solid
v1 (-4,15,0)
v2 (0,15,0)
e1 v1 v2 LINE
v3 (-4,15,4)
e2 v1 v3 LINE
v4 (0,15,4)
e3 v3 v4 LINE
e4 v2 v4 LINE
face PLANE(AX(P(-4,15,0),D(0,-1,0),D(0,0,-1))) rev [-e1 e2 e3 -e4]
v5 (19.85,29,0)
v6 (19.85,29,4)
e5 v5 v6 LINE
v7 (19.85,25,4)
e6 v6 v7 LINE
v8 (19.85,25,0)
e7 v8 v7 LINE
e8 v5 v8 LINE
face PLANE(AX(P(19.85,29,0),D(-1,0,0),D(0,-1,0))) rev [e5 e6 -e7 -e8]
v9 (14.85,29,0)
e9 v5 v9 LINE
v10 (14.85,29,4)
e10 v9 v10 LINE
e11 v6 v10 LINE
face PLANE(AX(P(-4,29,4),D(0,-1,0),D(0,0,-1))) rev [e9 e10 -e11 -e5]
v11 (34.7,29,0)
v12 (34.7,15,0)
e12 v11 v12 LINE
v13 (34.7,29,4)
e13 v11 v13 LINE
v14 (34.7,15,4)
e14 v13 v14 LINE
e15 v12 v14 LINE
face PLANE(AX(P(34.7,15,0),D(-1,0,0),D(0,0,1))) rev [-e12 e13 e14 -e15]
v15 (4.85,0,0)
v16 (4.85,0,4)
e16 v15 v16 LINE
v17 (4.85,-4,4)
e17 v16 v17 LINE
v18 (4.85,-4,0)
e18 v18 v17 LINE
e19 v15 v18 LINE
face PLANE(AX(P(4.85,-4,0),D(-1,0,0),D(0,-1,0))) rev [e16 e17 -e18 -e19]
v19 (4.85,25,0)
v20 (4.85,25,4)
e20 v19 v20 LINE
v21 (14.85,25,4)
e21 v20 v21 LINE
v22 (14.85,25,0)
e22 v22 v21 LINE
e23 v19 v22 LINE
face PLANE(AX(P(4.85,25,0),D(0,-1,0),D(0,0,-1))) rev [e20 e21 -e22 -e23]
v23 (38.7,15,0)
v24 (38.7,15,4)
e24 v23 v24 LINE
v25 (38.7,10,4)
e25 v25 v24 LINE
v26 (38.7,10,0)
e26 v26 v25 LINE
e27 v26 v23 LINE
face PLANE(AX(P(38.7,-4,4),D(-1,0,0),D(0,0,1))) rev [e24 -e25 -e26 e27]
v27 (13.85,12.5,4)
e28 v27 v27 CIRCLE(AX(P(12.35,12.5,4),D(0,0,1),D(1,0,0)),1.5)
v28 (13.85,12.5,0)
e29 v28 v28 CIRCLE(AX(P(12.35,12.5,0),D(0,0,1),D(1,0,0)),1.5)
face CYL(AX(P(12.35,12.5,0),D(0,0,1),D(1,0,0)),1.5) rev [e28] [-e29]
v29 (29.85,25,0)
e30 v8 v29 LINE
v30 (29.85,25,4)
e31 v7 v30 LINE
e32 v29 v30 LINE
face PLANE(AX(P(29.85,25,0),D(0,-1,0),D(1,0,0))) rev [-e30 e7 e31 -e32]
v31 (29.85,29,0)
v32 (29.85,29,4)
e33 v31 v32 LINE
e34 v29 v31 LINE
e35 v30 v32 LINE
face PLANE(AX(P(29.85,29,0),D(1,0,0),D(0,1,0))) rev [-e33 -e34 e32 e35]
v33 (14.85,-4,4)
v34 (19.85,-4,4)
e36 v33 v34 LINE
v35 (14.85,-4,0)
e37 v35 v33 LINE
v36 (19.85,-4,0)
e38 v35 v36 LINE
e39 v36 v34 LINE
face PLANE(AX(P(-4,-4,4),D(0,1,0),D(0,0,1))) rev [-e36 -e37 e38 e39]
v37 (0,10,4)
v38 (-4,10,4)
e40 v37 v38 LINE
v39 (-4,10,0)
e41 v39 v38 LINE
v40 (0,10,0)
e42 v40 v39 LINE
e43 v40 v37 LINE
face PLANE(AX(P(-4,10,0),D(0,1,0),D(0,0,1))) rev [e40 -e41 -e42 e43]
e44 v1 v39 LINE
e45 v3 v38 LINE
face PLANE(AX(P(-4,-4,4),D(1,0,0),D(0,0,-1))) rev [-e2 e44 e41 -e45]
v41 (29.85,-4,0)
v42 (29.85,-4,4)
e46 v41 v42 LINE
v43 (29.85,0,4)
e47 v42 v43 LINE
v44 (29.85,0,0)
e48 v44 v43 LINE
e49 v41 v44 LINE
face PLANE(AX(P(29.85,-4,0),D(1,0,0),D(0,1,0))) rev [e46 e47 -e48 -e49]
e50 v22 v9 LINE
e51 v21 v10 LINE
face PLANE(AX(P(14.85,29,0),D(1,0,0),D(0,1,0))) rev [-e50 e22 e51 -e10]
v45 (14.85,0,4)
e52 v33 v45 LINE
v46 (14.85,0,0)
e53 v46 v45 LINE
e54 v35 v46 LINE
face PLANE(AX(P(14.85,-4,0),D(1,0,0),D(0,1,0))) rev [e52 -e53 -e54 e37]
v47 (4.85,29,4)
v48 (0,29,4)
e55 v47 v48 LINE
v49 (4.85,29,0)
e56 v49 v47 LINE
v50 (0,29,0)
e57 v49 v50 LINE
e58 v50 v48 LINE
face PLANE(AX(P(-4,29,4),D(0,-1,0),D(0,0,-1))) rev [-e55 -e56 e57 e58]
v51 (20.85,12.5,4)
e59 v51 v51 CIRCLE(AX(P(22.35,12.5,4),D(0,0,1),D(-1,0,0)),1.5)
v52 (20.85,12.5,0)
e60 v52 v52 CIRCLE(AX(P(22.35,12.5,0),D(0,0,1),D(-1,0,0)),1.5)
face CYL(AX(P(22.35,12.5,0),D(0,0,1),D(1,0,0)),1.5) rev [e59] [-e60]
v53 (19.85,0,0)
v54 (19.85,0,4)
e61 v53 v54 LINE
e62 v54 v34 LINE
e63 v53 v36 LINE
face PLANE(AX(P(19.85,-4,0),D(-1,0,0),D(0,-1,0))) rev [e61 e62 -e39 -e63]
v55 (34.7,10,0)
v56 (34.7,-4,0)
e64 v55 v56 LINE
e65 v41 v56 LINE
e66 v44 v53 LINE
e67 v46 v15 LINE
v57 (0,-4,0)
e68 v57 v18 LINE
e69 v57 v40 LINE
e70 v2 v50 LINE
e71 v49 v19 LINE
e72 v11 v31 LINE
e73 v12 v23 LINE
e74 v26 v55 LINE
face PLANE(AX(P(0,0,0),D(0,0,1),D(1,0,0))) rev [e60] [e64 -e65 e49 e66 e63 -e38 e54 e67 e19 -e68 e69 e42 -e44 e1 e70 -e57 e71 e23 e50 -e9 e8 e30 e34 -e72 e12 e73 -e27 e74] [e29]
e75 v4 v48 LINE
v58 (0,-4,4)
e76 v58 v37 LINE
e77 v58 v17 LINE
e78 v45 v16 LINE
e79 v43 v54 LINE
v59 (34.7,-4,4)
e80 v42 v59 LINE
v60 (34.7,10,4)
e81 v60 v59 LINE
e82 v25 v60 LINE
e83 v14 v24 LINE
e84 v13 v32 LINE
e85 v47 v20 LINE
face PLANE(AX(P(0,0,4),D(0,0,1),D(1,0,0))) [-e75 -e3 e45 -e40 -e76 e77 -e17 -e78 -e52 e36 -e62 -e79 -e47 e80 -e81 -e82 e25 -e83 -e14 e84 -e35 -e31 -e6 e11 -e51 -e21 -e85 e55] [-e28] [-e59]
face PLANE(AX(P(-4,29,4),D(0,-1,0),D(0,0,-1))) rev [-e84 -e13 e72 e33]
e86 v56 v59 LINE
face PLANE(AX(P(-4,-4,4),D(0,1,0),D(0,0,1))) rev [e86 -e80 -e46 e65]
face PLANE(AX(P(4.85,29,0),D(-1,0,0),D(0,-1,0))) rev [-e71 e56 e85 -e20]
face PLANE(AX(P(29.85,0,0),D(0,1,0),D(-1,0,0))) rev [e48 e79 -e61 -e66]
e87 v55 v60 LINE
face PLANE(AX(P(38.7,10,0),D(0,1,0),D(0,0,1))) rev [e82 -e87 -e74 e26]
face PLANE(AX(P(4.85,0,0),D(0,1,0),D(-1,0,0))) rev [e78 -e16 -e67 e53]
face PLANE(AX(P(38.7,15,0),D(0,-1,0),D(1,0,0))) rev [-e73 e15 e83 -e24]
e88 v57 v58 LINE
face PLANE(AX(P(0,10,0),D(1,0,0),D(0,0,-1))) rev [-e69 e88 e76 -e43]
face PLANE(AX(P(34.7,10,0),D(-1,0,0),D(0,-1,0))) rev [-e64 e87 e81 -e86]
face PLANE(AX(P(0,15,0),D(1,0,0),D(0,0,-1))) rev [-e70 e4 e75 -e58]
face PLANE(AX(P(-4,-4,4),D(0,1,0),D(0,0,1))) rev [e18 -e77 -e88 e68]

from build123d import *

# Parameters (mm, degrees)
SKETCH_1_W          = 42.7
SKETCH_1_H          = 33
EXTRUDE_1_DEPTH     = 4
SKETCH_2_R          = 1.5
SKETCH_2_W          = 10
SKETCH_2_H          = 4
SKETCH_2_W_2        = 4
SKETCH_2_H_2        = 14
CUT_EXTRUDE_2_DEPTH = 4


with BuildPart() as part:
    # Эскиз1 → Бобышка-Вытянуть1 (new body)
    with BuildSketch(Plane.XY):
        with Locations((17.35, 12.5)):
            Rectangle(SKETCH_1_W, SKETCH_1_H)
    extrude(amount=EXTRUDE_1_DEPTH)

    # Эскиз2 → Вырез-Вытянуть2 (cut)
    with BuildSketch(Plane.XY.offset(4)):
        with Locations((12.35, 12.5)):
            Circle(SKETCH_2_R)
        with Locations(Location((22.35, 12.5, 0), (0, 0, 180))):
            Circle(SKETCH_2_R)
        with Locations((9.85, 27)):
            Rectangle(SKETCH_2_W, SKETCH_2_H)
        with Locations((24.85, 27)):
            Rectangle(SKETCH_2_W, SKETCH_2_H)
        with Locations((-2, 3)):
            Rectangle(SKETCH_2_W_2, SKETCH_2_H_2)
        with Locations((-2, 22)):
            Rectangle(SKETCH_2_W_2, SKETCH_2_H_2)
        with Locations((24.85, -2)):
            Rectangle(SKETCH_2_W, SKETCH_2_H)
        with Locations((9.85, -2)):
            Rectangle(SKETCH_2_W, SKETCH_2_H)
        with Locations((36.7, 3)):
            Rectangle(SKETCH_2_W_2, SKETCH_2_H_2)
        with Locations((36.7, 22)):
            Rectangle(SKETCH_2_W_2, SKETCH_2_H_2)
    extrude(amount=-CUT_EXTRUDE_2_DEPTH, mode=Mode.SUBTRACT)


solid = part.part
